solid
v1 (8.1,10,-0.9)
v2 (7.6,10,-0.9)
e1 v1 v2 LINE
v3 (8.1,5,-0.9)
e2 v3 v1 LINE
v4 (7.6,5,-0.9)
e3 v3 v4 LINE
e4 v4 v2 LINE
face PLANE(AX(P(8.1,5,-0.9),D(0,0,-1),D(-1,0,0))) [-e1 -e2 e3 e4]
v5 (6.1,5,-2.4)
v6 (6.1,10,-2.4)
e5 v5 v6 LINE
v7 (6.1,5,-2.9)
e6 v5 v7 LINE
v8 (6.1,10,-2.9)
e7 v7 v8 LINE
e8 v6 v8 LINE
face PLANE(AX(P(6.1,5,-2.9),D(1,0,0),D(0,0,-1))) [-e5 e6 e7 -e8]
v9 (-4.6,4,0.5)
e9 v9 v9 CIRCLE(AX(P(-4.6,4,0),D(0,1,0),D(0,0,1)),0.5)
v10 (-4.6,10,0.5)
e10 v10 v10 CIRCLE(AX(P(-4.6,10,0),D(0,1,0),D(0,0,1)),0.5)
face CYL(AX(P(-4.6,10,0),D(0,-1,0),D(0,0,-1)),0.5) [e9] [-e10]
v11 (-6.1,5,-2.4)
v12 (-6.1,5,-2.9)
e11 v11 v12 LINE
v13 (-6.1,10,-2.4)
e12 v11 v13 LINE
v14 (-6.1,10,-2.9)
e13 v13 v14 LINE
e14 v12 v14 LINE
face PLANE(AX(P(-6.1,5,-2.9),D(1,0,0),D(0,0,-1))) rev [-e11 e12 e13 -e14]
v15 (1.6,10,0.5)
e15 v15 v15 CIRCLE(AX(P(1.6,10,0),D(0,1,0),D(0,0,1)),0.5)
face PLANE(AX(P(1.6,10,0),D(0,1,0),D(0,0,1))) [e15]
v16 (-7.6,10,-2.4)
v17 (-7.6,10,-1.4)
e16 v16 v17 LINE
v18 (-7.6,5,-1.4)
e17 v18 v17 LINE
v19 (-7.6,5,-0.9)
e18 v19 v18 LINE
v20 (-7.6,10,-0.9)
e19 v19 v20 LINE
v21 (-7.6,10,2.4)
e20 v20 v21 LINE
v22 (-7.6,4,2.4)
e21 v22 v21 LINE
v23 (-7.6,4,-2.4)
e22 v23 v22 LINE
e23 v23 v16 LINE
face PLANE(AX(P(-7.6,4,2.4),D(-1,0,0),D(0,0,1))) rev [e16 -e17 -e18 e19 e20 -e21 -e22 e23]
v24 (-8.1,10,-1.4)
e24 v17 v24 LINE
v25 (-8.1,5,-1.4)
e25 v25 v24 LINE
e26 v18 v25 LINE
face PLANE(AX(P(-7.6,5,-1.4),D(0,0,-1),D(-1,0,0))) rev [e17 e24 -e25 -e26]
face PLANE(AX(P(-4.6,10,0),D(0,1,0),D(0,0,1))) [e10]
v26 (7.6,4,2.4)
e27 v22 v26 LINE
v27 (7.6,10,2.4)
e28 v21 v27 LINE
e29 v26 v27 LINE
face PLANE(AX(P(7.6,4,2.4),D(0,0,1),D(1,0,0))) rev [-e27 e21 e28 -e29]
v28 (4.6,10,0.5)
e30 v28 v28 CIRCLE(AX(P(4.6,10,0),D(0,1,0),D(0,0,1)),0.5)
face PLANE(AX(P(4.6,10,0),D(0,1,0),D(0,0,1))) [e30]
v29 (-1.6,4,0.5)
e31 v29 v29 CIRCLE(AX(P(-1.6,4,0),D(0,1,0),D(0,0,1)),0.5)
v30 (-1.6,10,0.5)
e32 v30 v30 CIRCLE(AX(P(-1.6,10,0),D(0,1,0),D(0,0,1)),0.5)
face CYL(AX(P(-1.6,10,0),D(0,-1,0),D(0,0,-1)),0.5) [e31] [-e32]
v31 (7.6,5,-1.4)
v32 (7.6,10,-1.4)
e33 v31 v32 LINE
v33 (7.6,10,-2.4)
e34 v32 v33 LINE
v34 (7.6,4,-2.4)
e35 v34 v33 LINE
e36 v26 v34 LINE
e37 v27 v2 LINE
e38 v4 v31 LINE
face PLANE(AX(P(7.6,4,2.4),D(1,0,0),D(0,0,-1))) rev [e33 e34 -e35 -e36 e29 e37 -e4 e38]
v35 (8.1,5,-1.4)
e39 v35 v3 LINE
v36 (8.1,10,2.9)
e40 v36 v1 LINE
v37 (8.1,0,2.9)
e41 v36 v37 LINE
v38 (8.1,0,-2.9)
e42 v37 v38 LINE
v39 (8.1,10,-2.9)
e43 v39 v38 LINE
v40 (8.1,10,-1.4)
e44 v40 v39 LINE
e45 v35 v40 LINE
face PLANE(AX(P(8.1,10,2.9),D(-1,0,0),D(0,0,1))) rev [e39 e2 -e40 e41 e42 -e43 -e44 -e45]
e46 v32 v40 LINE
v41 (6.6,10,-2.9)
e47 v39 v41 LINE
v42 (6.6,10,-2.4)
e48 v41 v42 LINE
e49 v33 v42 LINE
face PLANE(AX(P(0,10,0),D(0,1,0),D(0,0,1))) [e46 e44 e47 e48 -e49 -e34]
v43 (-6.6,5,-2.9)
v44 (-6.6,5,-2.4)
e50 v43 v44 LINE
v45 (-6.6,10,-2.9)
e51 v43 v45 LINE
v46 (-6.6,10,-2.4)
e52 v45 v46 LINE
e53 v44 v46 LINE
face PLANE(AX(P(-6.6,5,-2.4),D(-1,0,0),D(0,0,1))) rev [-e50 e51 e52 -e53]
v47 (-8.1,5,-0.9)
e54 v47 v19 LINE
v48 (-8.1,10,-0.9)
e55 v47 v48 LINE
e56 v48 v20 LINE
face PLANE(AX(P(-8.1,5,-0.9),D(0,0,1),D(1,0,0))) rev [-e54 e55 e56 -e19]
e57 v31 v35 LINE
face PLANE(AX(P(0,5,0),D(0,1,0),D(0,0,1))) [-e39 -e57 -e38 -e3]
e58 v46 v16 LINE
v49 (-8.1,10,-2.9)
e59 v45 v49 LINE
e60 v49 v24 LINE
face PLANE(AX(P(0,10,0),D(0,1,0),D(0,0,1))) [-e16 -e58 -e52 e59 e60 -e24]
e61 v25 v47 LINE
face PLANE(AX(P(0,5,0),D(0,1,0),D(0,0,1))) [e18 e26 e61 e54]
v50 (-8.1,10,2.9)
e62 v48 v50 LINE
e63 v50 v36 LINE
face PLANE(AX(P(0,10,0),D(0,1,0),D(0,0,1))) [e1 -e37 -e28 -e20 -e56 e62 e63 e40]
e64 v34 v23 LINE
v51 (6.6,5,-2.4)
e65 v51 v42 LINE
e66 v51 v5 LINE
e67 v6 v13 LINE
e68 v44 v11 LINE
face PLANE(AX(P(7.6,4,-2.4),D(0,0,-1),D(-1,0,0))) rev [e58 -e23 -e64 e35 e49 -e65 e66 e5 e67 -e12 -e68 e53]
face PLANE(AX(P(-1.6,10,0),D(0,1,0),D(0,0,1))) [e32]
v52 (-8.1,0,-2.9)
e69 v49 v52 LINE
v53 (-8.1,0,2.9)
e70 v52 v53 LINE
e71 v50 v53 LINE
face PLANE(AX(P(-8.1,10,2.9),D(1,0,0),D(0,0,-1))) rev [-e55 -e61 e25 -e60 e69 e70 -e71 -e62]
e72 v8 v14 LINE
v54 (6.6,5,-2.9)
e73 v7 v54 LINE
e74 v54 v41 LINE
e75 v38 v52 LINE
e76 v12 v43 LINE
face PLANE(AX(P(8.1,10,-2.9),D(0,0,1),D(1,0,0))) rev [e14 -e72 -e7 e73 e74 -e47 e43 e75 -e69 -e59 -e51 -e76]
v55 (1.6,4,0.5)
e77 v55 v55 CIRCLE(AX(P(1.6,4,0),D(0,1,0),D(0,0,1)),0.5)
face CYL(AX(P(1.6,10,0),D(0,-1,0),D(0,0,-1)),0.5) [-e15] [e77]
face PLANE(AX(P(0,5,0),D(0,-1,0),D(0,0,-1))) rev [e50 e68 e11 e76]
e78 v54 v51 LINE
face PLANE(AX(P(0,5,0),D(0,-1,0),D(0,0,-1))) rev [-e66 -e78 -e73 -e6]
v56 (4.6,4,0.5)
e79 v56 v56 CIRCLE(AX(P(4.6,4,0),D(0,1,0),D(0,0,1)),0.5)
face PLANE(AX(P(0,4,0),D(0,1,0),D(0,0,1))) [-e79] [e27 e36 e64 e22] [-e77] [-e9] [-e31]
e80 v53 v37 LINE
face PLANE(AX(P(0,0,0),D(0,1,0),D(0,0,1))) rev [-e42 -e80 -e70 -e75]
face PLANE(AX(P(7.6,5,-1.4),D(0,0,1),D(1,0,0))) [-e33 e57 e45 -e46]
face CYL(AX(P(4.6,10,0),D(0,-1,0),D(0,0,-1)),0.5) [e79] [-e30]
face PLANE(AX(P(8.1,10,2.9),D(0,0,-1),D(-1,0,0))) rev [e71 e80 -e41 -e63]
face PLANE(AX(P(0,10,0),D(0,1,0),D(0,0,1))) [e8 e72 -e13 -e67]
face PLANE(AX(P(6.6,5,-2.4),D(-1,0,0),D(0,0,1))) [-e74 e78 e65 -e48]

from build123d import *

# Parameters (mm, degrees)
SKETCH_1_W          = 16.2
SKETCH_1_H          = 5.8
EXTRUDE_1_DEPTH     = 10
SKETCH_2_W          = 15.2
SKETCH_2_H          = 4.8
CUT_EXTRUDE_1_DEPTH = 6
SKETCH_3_R          = 0.5
EXTRUDE_2_DEPTH     = 6
SKETCH_4_W          = 0.5
SKETCH_4_H          = 0.5
CUT_EXTRUDE_2_DEPTH = 5


with BuildPart() as part:
    # Эскиз1 → Бобышка-Вытянуть1 (new body)
    with BuildSketch(Plane(origin=(0, 0, 0), x_dir=(1, 0, 0), z_dir=(0, 1, 0))):
        Rectangle(SKETCH_1_W, SKETCH_1_H)
    extrude(amount=EXTRUDE_1_DEPTH)

    # Эскиз2 → Вырез-Вытянуть1 (cut)
    with BuildSketch(Plane(origin=(0, 10, 0), x_dir=(1, 0, 0), z_dir=(0, 1, 0))):
        Rectangle(SKETCH_2_W, SKETCH_2_H)
    extrude(amount=-CUT_EXTRUDE_1_DEPTH, mode=Mode.SUBTRACT)

    # Эскиз3 → Бобышка-Вытянуть2 (add)
    with BuildSketch(Plane(origin=(0, 4, 0), x_dir=(1, 0, 0), z_dir=(0, 1, 0))):
        with Locations(Location((-4.6, 0, 0), (0, 0, 270))):
            Circle(SKETCH_3_R)
        with Locations(Location((-1.6, 0, 0), (0, 0, 270))):
            Circle(SKETCH_3_R)
        with Locations(Location((1.6, 0, 0), (0, 0, 270))):
            Circle(SKETCH_3_R)
        with Locations(Location((4.6, 0, 0), (0, 0, 270))):
            Circle(SKETCH_3_R)
    extrude(amount=EXTRUDE_2_DEPTH)

    # Эскиз4 → Вырез-Вытянуть2 (cut)
    with BuildSketch(Plane(origin=(0, 10, 0), x_dir=(1, 0, 0), z_dir=(0, 1, 0))):
        with Locations((-6.35, 2.65)):
            Rectangle(SKETCH_4_W, SKETCH_4_H)
        with Locations((-7.85, 1.15)):
            Rectangle(SKETCH_4_W, SKETCH_4_H)
    cut_extrude_2 = extrude(amount=-CUT_EXTRUDE_2_DEPTH, mode=Mode.SUBTRACT)

    # Зеркальное отражение1: Вырез-Вытянуть2 across plane
    add(cut_extrude_2.mirror(Plane(origin=(0, 0, 0), x_dir=(0, 0, 1), z_dir=(1, 0, 0))), mode=Mode.SUBTRACT)


solid = part.part
